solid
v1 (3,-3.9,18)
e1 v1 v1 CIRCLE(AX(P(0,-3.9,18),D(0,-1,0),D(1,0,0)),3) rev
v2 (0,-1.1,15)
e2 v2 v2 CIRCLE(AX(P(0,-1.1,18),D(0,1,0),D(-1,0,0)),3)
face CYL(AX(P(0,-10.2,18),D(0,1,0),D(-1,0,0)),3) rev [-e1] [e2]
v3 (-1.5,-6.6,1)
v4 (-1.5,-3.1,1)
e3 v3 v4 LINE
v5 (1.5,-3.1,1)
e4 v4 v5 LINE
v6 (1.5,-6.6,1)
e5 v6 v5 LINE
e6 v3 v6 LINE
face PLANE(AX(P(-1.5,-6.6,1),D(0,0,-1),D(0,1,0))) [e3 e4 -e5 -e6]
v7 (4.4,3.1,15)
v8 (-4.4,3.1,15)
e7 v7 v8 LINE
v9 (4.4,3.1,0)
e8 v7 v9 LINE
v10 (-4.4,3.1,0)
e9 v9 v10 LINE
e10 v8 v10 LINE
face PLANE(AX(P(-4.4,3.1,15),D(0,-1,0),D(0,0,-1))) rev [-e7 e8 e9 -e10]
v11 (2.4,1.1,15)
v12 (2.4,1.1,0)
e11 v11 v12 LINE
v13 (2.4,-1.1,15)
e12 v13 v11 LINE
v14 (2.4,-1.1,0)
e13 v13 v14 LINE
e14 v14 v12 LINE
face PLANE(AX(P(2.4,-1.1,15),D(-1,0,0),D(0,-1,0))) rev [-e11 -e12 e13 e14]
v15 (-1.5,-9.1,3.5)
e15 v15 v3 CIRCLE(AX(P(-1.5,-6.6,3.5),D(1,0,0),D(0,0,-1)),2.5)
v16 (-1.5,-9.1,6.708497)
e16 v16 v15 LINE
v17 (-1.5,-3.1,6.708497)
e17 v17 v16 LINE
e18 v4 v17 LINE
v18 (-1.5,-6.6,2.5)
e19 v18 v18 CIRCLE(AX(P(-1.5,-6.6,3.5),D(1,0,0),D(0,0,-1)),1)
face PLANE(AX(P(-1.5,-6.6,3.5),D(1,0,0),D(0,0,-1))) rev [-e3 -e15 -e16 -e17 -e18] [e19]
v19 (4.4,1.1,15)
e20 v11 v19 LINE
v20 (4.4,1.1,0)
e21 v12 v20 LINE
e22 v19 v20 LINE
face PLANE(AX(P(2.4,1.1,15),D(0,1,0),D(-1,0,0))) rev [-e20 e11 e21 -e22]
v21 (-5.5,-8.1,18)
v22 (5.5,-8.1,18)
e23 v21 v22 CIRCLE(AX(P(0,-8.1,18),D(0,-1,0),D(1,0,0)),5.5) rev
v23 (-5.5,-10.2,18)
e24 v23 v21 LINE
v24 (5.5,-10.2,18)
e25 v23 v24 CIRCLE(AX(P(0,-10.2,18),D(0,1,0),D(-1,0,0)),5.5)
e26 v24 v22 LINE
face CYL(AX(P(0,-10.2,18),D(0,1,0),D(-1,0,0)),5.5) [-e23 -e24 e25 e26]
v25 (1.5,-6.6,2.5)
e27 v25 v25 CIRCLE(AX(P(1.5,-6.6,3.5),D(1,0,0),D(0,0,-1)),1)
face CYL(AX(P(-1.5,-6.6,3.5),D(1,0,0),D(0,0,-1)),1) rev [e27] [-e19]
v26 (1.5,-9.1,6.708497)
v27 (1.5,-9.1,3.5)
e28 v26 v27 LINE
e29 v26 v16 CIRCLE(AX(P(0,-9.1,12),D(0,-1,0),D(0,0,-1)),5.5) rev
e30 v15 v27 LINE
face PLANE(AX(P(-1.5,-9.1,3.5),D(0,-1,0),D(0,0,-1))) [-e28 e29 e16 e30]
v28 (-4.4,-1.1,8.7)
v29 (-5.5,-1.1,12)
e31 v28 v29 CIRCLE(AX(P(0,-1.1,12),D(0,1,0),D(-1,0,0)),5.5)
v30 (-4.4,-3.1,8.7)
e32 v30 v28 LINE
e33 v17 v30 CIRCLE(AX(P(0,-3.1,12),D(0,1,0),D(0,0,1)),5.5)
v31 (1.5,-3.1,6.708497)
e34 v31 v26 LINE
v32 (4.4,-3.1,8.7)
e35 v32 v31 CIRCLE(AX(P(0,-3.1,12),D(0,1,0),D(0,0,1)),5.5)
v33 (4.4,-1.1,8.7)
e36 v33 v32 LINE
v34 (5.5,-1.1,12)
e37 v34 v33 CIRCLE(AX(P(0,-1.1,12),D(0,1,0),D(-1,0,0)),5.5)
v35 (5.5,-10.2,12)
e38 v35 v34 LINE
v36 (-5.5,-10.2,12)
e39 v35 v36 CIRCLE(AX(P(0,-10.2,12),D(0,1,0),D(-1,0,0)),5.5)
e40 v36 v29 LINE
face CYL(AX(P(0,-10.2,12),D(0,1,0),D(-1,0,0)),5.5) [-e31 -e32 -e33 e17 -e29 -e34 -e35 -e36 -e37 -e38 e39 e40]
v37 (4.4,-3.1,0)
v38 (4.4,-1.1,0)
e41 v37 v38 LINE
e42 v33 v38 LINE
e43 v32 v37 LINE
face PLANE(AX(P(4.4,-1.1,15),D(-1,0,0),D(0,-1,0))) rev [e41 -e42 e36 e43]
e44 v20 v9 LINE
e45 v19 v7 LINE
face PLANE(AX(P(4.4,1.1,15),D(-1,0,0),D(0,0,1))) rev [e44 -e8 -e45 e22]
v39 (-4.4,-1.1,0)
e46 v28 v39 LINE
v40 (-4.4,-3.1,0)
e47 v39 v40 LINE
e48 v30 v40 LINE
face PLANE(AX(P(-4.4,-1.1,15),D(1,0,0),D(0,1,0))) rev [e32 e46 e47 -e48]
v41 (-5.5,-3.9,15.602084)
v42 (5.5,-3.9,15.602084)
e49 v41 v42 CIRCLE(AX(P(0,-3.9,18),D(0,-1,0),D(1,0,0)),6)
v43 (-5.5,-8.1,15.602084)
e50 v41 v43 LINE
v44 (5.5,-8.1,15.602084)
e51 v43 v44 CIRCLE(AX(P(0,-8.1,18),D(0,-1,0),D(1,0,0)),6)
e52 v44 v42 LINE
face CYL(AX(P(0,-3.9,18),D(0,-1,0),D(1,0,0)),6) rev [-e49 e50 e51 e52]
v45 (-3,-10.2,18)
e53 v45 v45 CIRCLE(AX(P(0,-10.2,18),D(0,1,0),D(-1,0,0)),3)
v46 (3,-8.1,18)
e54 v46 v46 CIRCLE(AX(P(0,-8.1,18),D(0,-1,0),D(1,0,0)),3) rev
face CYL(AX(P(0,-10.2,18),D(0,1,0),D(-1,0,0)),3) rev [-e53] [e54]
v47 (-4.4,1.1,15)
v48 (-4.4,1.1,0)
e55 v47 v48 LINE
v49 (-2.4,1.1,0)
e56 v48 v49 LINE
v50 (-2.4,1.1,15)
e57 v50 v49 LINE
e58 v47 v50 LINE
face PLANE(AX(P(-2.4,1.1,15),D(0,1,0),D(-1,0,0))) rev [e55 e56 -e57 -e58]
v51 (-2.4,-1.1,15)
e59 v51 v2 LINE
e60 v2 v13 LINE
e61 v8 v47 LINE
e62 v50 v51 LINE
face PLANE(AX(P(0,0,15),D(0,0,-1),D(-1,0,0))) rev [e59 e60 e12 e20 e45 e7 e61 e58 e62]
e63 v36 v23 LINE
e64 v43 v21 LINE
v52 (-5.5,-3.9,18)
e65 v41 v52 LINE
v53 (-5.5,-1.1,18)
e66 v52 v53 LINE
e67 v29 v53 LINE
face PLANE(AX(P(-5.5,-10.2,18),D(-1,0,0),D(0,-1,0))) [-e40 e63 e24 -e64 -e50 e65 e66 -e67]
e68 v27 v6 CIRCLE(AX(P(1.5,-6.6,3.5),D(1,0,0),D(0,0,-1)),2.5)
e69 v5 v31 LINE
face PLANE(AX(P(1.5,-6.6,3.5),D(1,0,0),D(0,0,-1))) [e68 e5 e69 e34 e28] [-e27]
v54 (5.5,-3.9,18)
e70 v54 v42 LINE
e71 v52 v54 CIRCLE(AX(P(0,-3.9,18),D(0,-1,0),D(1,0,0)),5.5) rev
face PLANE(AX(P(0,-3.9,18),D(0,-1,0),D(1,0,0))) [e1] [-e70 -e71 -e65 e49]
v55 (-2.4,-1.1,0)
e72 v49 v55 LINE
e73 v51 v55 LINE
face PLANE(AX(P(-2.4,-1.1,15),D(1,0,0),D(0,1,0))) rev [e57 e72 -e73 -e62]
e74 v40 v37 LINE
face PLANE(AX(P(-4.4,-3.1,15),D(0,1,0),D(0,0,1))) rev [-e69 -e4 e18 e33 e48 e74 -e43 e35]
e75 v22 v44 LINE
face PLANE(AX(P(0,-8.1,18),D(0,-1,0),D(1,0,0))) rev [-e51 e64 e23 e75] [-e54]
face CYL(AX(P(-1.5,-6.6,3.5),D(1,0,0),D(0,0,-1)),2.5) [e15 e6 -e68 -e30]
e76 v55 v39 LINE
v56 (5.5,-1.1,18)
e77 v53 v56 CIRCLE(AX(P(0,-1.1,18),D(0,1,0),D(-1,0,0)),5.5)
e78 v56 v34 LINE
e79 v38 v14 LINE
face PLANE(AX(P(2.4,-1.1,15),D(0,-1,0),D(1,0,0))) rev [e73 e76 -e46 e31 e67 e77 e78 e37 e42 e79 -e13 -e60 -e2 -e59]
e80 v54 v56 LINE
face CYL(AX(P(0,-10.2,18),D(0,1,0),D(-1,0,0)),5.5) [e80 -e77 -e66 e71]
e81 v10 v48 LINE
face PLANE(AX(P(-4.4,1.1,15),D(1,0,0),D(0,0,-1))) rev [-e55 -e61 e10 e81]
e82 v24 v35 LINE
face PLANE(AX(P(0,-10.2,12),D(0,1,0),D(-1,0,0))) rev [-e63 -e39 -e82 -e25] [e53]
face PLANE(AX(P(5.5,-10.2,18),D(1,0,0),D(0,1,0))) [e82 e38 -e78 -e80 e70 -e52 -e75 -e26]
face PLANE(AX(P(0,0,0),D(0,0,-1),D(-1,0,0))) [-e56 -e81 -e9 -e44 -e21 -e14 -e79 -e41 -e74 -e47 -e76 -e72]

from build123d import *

# Parameters (mm, degrees)
BOSS_EXTRUDE1_DEPTH      = 15
SKETCH5_R                = 3
BOSS_EXTRUDE3_DEPTH      = 9.1
SKETCH6_R                = 6
CUT_EXTRUDE1_DEPTH       = 4.2
BOSS_EXTRUDE4_DEPTH      = 1.5
BOSS_EXTRUDE4_DEPTH_BACK = 1.5
SKETCH7_R                = 1


with BuildPart() as part:
    # Sketch1 → Boss-Extrude1 (new body)
    with BuildSketch(Plane.XY):
        Polygon((-2.4, -1.1), (-2.4, 1.1), (-4.4, 1.1), (-4.4, 3.1), (4.4, 3.1), (4.4, 1.1), (2.4, 1.1), (2.4, -1.1), (4.4, -1.1), (4.4, -3.1), (-4.4, -3.1), (-4.4, -1.1), align=None)
    extrude(amount=BOSS_EXTRUDE1_DEPTH)

    # Sketch5 → Boss-Extrude3 (add)
    with BuildSketch(Plane(origin=(0, -1.1, 0), x_dir=(1, 0, 0), z_dir=(0, 1, 0))):
        with BuildLine():
            Line((5.5, -18), (5.5, -12))
            ThreePointArc((5.5, -12), (0, -6.5), (-5.5, -12))
            Line((-5.5, -12), (-5.5, -18))
            ThreePointArc((-5.5, -18), (0, -23.5), (5.5, -18))
        make_face()
        with Locations(Location((0, -18, 0), (0, 0, 180))):
            Circle(SKETCH5_R, mode=Mode.SUBTRACT)
    extrude(amount=-BOSS_EXTRUDE3_DEPTH)

    # Sketch6 → Cut-Extrude1 (cut)
    with BuildSketch(Plane(origin=(0, -8.1, 0), x_dir=(-1, 0, 0), z_dir=(0, -1, 0))):
        with Locations((0, -18)):
            Circle(SKETCH6_R)
    extrude(amount=-CUT_EXTRUDE1_DEPTH, mode=Mode.SUBTRACT)

    # Sketch7 → Boss-Extrude4 (add, two sides: drawn at the far end of the back side and taken through both)
    with BuildSketch(Plane(origin=(0, 0, 0), x_dir=(0, 0, -1), z_dir=(1, 0, 0)).offset(-BOSS_EXTRUDE4_DEPTH_BACK)):
        with BuildLine():
            Line((-3.5, -9.1), (-6.5, -9.1))
            Line((-6.5, -9.1), (-9.5, -9.1))
            Line((-9.5, -9.1), (-9.5, -3.1))
            Line((-9.5, -3.1), (-1, -3.1))
            Line((-1, -3.1), (-1, -6.6))
            ThreePointArc((-1, -6.6), (-1.732233047, -8.367766953), (-3.5, -9.1))
        make_face()
        with Locations((-3.5, -6.6)):
            Circle(SKETCH7_R, mode=Mode.SUBTRACT)
    extrude(amount=BOSS_EXTRUDE4_DEPTH + BOSS_EXTRUDE4_DEPTH_BACK)


solid = part.part
